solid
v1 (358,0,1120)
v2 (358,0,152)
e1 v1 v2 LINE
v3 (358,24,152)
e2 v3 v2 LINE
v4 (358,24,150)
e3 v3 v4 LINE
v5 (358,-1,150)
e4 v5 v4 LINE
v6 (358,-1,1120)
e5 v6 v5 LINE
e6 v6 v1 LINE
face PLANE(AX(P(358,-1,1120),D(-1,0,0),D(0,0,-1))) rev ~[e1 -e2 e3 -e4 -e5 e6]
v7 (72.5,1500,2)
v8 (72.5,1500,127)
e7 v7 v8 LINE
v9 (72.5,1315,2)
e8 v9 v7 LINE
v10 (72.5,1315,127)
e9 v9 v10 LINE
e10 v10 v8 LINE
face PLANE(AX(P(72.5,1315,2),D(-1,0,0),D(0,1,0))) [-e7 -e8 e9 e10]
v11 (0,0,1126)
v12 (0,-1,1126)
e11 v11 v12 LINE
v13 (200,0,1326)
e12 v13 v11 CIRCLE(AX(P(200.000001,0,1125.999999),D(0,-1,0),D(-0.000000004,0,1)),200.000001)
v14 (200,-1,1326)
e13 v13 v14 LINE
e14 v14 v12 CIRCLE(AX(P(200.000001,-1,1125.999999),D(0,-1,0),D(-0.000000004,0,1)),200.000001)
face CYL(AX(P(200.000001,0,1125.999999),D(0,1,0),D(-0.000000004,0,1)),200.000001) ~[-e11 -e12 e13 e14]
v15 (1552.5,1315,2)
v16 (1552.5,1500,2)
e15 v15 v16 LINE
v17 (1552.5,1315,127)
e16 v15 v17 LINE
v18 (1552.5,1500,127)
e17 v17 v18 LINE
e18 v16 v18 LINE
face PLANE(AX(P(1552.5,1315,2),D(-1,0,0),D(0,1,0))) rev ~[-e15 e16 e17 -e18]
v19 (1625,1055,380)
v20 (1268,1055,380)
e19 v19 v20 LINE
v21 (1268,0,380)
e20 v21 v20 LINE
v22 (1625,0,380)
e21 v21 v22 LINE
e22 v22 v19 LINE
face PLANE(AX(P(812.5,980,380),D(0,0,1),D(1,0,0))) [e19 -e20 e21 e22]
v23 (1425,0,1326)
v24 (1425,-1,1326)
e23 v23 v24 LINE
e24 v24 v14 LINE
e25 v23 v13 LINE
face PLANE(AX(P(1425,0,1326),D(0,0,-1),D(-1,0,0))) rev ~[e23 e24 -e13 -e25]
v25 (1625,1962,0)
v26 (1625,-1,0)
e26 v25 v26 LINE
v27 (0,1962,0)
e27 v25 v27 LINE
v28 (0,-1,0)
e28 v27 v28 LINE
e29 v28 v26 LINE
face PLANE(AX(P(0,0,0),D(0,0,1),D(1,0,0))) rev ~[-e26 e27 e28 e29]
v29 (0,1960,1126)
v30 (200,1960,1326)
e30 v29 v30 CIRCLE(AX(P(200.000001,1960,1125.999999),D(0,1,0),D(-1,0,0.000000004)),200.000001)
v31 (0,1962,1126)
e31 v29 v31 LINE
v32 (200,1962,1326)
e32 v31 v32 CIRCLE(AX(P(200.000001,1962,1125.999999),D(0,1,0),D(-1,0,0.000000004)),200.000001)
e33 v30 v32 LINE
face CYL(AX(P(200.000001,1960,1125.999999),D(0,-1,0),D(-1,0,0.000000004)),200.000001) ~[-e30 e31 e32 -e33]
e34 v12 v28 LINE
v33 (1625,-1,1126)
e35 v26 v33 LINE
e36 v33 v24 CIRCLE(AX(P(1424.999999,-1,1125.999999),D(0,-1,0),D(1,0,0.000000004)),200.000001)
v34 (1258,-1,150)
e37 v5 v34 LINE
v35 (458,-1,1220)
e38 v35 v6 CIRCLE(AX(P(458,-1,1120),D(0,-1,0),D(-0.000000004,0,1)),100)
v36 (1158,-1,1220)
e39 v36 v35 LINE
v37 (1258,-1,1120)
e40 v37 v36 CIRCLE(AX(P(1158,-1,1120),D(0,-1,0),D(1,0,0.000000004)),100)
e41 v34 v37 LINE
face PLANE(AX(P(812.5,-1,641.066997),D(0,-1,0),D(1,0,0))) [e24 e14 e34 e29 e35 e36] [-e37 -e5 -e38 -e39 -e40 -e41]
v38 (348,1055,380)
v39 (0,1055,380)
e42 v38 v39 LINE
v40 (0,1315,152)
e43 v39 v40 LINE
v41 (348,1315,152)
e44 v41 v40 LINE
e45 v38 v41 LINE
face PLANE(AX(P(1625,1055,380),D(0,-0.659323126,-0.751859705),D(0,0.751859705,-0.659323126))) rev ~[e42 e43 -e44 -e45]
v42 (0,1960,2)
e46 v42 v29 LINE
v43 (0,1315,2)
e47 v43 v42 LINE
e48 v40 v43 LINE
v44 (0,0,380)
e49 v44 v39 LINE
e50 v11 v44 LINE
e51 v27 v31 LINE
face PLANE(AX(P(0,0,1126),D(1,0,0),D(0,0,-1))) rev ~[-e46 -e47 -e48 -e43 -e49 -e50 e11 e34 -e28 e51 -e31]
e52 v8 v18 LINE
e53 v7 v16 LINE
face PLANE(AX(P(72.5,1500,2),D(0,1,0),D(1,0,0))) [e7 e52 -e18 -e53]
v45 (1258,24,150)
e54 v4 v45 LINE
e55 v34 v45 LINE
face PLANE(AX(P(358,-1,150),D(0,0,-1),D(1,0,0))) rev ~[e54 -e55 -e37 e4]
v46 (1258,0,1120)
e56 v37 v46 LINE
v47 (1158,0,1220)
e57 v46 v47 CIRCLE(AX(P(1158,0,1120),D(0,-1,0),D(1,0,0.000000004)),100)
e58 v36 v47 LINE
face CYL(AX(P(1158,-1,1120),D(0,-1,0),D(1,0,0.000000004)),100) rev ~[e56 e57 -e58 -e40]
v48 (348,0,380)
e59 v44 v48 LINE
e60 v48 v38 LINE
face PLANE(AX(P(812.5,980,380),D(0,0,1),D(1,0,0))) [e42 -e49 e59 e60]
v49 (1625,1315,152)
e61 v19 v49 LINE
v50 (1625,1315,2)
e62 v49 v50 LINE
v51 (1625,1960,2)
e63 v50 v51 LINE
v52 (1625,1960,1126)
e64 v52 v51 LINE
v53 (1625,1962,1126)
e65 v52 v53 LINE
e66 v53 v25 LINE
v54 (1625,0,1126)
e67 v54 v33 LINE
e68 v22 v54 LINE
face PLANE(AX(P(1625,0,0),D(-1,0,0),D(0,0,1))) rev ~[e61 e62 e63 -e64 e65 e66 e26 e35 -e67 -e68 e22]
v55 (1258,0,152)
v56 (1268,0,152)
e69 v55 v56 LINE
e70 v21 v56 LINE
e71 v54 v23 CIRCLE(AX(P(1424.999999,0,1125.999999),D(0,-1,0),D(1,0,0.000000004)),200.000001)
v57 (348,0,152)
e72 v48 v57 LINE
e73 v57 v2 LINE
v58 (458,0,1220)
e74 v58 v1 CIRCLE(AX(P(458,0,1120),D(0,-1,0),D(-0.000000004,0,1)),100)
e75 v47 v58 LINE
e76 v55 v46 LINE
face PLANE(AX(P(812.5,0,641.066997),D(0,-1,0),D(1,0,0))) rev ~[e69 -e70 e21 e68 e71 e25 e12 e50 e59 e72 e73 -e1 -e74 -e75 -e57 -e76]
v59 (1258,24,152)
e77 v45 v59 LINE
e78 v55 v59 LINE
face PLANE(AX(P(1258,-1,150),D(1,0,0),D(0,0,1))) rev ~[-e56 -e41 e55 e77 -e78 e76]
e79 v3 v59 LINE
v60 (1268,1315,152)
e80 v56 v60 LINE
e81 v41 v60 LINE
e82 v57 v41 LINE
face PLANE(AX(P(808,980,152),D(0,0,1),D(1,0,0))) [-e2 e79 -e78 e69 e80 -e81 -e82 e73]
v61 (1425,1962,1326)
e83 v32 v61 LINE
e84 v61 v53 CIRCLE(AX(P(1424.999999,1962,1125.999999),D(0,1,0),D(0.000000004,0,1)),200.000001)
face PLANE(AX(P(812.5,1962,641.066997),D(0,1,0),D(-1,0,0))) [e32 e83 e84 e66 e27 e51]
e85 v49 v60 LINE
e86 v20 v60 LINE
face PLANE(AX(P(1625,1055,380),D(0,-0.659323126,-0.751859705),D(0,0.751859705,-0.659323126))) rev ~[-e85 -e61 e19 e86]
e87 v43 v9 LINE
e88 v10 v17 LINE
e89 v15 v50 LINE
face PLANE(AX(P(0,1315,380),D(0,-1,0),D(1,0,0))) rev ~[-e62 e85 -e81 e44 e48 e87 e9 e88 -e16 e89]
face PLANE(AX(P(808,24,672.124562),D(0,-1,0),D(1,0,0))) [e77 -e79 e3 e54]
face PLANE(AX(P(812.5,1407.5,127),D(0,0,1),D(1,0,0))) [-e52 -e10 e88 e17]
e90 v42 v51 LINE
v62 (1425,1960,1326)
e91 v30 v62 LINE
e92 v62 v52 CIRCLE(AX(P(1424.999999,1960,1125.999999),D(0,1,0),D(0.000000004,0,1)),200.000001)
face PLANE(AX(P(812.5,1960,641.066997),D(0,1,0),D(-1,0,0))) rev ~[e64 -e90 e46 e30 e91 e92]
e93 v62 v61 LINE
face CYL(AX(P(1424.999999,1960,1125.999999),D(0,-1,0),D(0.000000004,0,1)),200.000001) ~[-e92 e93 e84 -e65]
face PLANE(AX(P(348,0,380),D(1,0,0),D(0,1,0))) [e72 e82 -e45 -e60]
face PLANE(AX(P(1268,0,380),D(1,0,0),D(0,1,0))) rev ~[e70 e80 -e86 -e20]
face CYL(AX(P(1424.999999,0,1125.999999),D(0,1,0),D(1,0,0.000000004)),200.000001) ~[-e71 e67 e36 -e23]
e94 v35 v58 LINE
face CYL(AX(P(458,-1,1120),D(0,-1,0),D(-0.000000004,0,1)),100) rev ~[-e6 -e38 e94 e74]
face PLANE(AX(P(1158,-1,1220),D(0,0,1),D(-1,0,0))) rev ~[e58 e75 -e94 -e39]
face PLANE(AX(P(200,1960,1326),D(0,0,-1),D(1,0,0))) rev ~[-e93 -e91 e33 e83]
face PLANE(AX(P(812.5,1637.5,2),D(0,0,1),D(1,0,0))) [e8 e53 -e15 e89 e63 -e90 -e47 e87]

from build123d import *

# Parameters (mm, degrees)
F0_W      = 1625
F0_H      = 1960
F1_DEPTH  = 380
F2_W      = 920
F2_H      = 1960
F3_DEPTH  = 228
F4_W      = 1625
F4_H      = 645
F5_DEPTH  = 378
F6_W      = 1480
F6_H      = 185
F7_DEPTH  = 125
F9_DEPTH  = 2
F11_DEPTH = 1
F13_DEPTH = 25
F15_DEPTH = 1625.001


with BuildPart() as f1:
    # F0 (on Top) → F1 (new body)
    with BuildSketch(Plane.XY):
        with Locations((812.5, 980)):
            Rectangle(F0_W, F0_H)
    extrude(amount=F1_DEPTH)

    # F2 (on face) → F3 (cut)
    with BuildSketch(Plane.XY.offset(380)):
        with Locations((808, 980)):
            Rectangle(F2_W, F2_H)
    extrude(amount=-F3_DEPTH, mode=Mode.SUBTRACT)

    # F4 (on face) → F5 (cut)
    with BuildSketch(Plane.XY.offset(380)):
        with Locations((812.5, 1637.5)):
            Rectangle(F4_W, F4_H)
    extrude(amount=-F5_DEPTH, mode=Mode.SUBTRACT)

    # F6 (on face) → F7 (join)
    with BuildSketch(Plane.XY.offset(2)):
        with Locations((812.5, 1407.5)):
            Rectangle(F6_W, F6_H)
    extrude(amount=F7_DEPTH)

    # F8 (on face) → F9 (join)
    with BuildSketch(Plane(origin=(0, 1960, 0), x_dir=(-1, 0, 0), z_dir=(0, 1, 0))):
        with BuildLine():
            Line((-1625, 1126), (-1625, 0))
            Line((-1625, 0), (0, 0))
            Line((0, 0), (0, 1126))
            ThreePointArc((0, 1126), (-58.578644, 1267.421356), (-200, 1326))
            Line((-200, 1326), (-1425, 1326))
            ThreePointArc((-1425, 1326), (-1566.421356, 1267.421356), (-1625, 1126))
        make_face()
    extrude(amount=F9_DEPTH)

    # F10 (on face) → F11 (join)
    with BuildSketch(Plane.XZ):
        with BuildLine():
            Line((0, 1126), (0, 0))
            Line((0, 0), (1625, 0))
            Line((1625, 0), (1625, 1126))
            ThreePointArc((1625, 1126), (1566.421356, 1267.421356), (1425, 1326))
            Line((1425, 1326), (200, 1326))
            ThreePointArc((200, 1326), (58.578644, 1267.421356), (0, 1126))
        make_face()
    extrude(amount=F11_DEPTH)

    # F12 (on face) → F13 (cut)
    with BuildSketch(Plane.XZ.offset(1)):
        with BuildLine():
            Line((358, 1120), (358, 150))
            Line((358, 150), (1258, 150))
            Line((1258, 150), (1258, 1120))
            ThreePointArc((1258, 1120), (1228.710678, 1190.710678), (1158, 1220))
            Line((1158, 1220), (458, 1220))
            ThreePointArc((458, 1220), (387.289322, 1190.710678), (358, 1120))
        make_face()
    extrude(amount=-F13_DEPTH, mode=Mode.SUBTRACT)

    # F14 (on face) → F15 (cut, through all)
    with BuildSketch(Plane.YZ.offset(1625)):
        Polygon((1315, 380), (1055, 380), (1315, 152), align=None)
    extrude(amount=-F15_DEPTH, mode=Mode.SUBTRACT)


solid = f1.part
